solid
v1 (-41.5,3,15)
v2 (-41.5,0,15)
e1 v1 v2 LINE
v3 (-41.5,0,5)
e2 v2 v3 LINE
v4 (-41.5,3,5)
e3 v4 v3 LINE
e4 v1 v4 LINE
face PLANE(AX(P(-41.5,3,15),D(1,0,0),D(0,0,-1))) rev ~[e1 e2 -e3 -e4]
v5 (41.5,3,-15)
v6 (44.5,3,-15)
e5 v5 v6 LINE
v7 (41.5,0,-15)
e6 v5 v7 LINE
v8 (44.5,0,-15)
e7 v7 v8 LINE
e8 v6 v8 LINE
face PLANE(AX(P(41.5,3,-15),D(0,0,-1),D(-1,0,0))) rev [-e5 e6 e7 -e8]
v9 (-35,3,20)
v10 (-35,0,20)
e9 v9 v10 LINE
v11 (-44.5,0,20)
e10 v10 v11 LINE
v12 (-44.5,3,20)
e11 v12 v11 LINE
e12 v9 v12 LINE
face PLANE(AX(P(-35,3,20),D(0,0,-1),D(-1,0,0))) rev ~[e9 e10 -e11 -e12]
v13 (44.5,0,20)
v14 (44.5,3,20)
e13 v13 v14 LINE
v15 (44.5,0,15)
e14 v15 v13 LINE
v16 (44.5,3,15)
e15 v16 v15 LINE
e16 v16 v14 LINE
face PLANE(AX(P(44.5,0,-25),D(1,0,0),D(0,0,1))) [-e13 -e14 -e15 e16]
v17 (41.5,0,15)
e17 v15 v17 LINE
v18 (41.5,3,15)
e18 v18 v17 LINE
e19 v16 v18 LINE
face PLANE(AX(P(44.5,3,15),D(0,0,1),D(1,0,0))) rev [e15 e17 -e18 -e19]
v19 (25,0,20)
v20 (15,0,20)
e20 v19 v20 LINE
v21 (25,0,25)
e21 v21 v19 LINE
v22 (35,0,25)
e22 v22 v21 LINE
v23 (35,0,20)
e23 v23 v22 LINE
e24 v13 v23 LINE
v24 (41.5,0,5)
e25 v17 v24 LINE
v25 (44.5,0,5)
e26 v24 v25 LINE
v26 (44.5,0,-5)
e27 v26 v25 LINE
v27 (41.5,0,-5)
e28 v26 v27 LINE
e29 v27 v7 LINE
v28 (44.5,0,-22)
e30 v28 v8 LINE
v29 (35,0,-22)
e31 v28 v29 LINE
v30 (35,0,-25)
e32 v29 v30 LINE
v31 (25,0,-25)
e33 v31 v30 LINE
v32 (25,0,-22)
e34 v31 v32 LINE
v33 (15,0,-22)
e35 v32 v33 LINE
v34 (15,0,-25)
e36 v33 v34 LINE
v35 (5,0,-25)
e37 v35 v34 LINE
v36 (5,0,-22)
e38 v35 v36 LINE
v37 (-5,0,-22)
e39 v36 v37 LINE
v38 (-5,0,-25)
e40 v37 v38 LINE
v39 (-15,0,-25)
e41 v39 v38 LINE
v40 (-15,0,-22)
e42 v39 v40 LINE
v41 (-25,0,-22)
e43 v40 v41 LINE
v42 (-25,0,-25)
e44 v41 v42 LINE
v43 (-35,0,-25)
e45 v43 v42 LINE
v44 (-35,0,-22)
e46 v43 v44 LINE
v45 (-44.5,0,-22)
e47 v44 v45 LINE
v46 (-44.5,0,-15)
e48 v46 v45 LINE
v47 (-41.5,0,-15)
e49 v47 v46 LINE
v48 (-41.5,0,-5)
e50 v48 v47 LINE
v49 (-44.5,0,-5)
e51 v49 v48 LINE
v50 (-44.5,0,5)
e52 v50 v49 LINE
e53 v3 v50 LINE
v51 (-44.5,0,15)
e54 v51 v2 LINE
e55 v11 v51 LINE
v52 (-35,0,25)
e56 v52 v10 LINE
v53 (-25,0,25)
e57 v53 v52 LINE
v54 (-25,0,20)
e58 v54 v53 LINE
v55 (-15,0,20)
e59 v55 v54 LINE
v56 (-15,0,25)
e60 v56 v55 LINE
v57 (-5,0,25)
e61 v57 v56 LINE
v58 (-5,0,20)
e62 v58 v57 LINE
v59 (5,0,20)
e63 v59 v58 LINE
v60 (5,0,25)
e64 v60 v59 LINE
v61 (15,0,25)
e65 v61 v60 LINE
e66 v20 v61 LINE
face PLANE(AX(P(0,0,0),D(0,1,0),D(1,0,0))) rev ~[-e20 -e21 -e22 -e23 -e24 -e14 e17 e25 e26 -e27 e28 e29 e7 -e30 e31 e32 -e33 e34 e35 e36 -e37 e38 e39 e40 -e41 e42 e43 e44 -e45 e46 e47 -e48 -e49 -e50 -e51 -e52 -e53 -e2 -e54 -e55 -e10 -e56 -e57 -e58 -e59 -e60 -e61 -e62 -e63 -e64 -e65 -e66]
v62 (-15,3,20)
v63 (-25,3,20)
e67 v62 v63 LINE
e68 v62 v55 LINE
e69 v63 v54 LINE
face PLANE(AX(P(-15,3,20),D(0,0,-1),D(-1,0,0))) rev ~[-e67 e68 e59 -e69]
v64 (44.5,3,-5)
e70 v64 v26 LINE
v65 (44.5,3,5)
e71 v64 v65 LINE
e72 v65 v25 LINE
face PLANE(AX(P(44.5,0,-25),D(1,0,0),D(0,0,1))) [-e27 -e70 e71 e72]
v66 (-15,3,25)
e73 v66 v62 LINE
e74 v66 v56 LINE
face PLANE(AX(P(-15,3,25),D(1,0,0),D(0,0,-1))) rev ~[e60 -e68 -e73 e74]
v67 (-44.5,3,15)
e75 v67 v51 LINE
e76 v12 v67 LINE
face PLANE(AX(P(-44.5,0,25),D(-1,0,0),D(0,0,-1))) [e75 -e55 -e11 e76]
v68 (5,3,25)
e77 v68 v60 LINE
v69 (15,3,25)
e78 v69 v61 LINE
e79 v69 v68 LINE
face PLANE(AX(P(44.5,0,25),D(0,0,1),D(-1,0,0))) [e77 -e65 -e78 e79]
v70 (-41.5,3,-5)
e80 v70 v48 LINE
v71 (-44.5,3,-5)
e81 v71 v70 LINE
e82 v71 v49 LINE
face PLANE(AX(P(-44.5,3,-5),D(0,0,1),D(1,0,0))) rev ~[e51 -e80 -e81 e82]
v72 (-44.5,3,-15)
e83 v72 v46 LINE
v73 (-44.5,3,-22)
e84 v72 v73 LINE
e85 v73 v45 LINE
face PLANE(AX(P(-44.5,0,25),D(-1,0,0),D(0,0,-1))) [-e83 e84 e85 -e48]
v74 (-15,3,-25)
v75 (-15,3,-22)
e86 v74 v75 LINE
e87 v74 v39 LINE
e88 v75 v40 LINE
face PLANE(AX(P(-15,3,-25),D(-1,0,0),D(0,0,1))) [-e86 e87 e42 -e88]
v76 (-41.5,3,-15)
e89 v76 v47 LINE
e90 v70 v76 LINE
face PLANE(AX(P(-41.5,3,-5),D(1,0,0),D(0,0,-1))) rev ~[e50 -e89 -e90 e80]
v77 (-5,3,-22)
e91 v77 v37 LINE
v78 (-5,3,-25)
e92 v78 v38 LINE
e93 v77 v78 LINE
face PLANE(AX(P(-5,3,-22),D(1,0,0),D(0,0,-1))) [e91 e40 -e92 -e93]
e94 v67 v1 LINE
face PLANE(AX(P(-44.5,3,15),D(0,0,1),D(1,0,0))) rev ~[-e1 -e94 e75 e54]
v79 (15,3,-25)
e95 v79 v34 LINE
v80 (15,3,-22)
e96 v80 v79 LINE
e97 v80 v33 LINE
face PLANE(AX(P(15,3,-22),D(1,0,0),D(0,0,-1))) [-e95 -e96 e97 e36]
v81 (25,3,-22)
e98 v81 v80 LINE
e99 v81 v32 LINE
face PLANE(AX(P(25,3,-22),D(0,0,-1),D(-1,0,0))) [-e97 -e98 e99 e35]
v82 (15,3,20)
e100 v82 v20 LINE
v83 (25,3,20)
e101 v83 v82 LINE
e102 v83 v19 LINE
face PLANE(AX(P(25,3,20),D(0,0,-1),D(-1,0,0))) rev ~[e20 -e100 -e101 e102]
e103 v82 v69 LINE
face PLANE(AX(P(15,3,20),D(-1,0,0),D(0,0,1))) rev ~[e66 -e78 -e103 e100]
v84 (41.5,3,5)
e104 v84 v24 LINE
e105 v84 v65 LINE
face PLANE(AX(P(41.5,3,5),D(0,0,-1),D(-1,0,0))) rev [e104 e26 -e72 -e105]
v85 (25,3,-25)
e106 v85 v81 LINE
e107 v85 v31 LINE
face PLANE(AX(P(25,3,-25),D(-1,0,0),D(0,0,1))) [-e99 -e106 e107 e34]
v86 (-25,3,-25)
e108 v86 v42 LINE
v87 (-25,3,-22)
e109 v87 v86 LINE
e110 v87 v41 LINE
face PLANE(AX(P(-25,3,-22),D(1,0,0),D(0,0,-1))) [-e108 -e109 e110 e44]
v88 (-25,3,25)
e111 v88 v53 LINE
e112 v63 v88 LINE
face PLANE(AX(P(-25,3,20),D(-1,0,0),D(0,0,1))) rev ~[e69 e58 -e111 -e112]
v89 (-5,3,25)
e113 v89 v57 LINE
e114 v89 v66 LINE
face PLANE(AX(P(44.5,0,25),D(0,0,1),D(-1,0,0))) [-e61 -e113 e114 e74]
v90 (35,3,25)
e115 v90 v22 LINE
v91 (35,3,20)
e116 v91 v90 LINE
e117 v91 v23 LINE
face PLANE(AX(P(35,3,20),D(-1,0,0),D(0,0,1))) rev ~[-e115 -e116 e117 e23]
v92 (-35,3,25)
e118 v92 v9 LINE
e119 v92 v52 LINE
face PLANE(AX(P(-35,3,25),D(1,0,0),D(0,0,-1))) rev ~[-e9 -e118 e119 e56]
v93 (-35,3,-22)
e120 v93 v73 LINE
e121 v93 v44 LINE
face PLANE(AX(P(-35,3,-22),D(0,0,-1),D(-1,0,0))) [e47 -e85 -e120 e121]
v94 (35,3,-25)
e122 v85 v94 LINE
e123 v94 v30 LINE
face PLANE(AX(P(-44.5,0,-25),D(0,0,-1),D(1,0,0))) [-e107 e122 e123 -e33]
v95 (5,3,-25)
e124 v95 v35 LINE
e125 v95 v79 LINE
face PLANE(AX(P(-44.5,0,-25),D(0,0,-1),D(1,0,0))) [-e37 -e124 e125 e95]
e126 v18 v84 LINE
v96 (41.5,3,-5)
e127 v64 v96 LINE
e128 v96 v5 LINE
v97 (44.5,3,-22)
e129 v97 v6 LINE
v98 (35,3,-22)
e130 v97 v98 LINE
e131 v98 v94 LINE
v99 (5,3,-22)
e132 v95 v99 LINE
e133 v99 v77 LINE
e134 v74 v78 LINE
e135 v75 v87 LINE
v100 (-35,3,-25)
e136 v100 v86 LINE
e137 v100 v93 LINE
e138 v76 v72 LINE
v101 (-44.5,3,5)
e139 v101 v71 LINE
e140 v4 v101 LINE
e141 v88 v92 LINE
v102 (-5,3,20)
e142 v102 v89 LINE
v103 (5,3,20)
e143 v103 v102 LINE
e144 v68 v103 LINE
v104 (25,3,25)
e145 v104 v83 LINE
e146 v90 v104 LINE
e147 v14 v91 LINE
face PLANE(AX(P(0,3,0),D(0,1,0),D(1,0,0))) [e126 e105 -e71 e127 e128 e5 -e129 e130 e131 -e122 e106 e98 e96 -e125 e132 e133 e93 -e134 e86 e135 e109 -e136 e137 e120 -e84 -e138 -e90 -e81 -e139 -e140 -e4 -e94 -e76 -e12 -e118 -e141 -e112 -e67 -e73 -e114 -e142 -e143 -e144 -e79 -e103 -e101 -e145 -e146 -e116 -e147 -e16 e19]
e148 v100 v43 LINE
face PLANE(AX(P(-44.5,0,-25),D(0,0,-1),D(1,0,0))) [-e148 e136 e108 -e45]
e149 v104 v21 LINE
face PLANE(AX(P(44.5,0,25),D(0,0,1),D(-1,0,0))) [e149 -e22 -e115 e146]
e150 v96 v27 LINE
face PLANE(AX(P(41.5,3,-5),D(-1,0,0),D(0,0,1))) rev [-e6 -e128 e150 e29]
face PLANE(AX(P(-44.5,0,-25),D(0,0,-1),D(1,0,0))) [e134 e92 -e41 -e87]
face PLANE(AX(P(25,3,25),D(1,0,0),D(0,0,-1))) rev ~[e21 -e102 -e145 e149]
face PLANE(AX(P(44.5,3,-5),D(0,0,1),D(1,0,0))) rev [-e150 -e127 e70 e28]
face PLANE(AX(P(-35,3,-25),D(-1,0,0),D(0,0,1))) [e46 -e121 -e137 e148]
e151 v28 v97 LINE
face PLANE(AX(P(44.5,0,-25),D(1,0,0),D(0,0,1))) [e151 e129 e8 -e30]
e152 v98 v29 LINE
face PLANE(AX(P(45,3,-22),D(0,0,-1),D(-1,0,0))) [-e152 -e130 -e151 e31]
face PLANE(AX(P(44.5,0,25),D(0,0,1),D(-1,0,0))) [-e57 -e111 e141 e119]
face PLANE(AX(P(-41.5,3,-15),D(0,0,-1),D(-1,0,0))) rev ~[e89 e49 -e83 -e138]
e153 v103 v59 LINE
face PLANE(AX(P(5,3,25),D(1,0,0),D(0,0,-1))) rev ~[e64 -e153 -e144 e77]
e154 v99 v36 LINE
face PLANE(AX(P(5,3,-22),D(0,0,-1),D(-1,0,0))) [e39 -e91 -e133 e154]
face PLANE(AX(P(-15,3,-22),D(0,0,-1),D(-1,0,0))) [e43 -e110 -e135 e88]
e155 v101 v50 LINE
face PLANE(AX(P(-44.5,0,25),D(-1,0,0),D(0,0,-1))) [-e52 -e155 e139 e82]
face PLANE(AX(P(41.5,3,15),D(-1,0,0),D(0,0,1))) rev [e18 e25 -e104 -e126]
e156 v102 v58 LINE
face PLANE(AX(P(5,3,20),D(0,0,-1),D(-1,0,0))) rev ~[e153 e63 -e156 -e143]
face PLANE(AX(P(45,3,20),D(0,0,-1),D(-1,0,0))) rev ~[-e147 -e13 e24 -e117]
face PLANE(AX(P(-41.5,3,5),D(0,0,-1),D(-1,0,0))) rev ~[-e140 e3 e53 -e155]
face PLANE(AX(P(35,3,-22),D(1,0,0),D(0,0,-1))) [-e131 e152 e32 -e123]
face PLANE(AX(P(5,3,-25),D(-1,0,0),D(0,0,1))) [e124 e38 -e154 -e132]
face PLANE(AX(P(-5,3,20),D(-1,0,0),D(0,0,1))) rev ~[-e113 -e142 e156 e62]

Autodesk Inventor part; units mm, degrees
ref_plane "YZ Plane" through (0, 0, 0) normal (1, 0, 0) x (0, 1, 0)
ref_plane "XZ Plane" through (0, 0, 0) normal (0, 1, 0) x (-1, 0, 0)
ref_plane "XY Plane" through (0, 0, 0) normal (0, 0, 1) x (1, 0, 0)
sketch "Sketch1" plane through (0, 0, 0) normal (0, 1, 0) x (1, 0, 0)
  line L0 (44.5, -25) -> (-44.5, -25)
  line L1 (-44.5, -25) -> (-44.5, 25)
  line L2 (-44.5, 25) -> (44.5, 25)
  line L3 (44.5, 25) -> (44.5, -25)
  line L4 (44.5, -25) -> (-44.5, 25) construction
  line L5 (-44.5, -25) -> (44.5, 25) construction
  point P0 (0, 0)
  dimension "d0" = 89
  dimension "d1" = 50
extrude "Extrusion1" add sketch "Sketch1" along normal blind 3
sketch "Sketch2" plane through (0, 3, 0) normal (0, 1, 0) x (1, 0, 0)
  line L0 (44.5, 25) -> (-44.5, 25) construction
  line L1 (-5, 25) -> (5, 25)
  line L2 (5, 25) -> (5, 22)
  line L3 (5, 22) -> (-5, 22)
  line L4 (-5, 22) -> (-5, 25)
  line L5 (0, 35) -> (0, -35) construction
  point P0 (0, 0)
  dimension "d4" = 10
  dimension "d5" = 3
extrude "Extrusion2" cut sketch "Sketch2" against normal through all
pattern_linear "Rectangular Pattern1" count 3 spacing 20 along (-1, 0, 0) count 2 spacing 40 along (1, 0, 0) of "Extrusion2"
sketch "Sketch3" plane through (0, 3, 0) normal (0, 1, 0) x (1, 0, 0)
  line L0 (-44.5, -15) -> (-41.5, -15)
  line L1 (-41.5, -15) -> (-41.5, -5)
  line L2 (-41.5, -5) -> (-44.5, -5)
  line L3 (-44.5, -5) -> (-44.5, -15)
  line L4 (-44.5, 25) -> (-44.5, -25) construction
  line L5 (62.3, 0) -> (-62.3, 0) construction
  point P0 (0, 0)
  dimension "d15" = 3
  dimension "d16" = 10
  dimension "d17" = 5
extrude "Extrusion3" cut sketch "Sketch3" against normal blind 3
pattern_linear "Rectangular Pattern2" count 2 spacing 20 along (0, 0, -1) of "Extrusion3"
mirror "Mirror2" about plane through (0, 0, 0) normal (1, 0, 0) of "Extrusion3", "Rectangular Pattern2"
sketch "Sketch4" plane through (0, 3, 0) normal (0, 1, 0) x (1, 0, 0)
  line L0 (-44.5, -25) -> (44.5, -25) construction
  line L1 (-5, -25) -> (5, -25)
  line L2 (5, -25) -> (5, -20)
  line L3 (5, -20) -> (-5, -20)
  line L4 (-5, -20) -> (-5, -25)
  line L5 (0, 35) -> (0, -35) construction
  point P0 (0, 0)
  dimension "d23" = 10
  dimension "d24" = 5
extrude "Extrusion4" cut sketch "Sketch4" against normal through all
pattern_linear "Rectangular Pattern3" count 3 spacing 20 along (-1, 0, 0) count 2 spacing 40 along (1, 0, 0) of "Extrusion4"
equation "\"d0\" = Module_Height"
equation "\"d1\" = Module_Depth"
equation "\"d2\" = Module_Case_Thickness"
equation "\"d4\" = Module_Case_SlotWidth"
equation "\"d5\" = Module_Case_SlotDepth"
equation "\"d7\" = Module_Case_Thickness"
equation "\"d11\" = 2 * Module_Case_SlotWidth"
equation "\"d14\" = 4 * Module_Case_SlotWidth"
equation "\"d15\" = Module_Case_SlotDepth"
equation "\"d16\" = Module_Case_SlotWidth"
equation "\"d17\" = 0.5 * Module_Case_SlotWidth"
equation "\"d18\" = Module_Case_Thickness"
equation "\"d22\" = 2 * Module_Case_SlotWidth"
equation "\"d23\" = Module_Case_SlotWidth"
equation "\"d24\" = Module_Case_BottomSlotDepth"
equation "\"d30\" = 2 * Module_Case_SlotWidth"
equation "\"d33\" = 4 * Module_Case_SlotWidth"
equation "\"RackWidth\" = 482.6"
equation "\"U\" = 44.5"
equation "\"Module_Connector_Width\" = 6"
equation "\"Module_Case_SlotWidth\" = 10"
equation "\"Module_Case_SlotDepth\" = 3"
equation "\"Module_Depth\" = 50"
equation "\"Module_Back_Thickness\" = 5"
equation "\"Module_Connector_Depth\" = 4"
equation "\"Module_Height\" = 89"
equation "\"Module_Width\" = 96.52"
equation "\"Module_Case_Thickness\" = 3"
equation "\"Module_StatusIndicatorDiameter\" = 5"
equation "\"Module_Case_BottomSlotDepth\" = 5"
properties part number "LeftRigthPlate" material "Wood (Birch)"
